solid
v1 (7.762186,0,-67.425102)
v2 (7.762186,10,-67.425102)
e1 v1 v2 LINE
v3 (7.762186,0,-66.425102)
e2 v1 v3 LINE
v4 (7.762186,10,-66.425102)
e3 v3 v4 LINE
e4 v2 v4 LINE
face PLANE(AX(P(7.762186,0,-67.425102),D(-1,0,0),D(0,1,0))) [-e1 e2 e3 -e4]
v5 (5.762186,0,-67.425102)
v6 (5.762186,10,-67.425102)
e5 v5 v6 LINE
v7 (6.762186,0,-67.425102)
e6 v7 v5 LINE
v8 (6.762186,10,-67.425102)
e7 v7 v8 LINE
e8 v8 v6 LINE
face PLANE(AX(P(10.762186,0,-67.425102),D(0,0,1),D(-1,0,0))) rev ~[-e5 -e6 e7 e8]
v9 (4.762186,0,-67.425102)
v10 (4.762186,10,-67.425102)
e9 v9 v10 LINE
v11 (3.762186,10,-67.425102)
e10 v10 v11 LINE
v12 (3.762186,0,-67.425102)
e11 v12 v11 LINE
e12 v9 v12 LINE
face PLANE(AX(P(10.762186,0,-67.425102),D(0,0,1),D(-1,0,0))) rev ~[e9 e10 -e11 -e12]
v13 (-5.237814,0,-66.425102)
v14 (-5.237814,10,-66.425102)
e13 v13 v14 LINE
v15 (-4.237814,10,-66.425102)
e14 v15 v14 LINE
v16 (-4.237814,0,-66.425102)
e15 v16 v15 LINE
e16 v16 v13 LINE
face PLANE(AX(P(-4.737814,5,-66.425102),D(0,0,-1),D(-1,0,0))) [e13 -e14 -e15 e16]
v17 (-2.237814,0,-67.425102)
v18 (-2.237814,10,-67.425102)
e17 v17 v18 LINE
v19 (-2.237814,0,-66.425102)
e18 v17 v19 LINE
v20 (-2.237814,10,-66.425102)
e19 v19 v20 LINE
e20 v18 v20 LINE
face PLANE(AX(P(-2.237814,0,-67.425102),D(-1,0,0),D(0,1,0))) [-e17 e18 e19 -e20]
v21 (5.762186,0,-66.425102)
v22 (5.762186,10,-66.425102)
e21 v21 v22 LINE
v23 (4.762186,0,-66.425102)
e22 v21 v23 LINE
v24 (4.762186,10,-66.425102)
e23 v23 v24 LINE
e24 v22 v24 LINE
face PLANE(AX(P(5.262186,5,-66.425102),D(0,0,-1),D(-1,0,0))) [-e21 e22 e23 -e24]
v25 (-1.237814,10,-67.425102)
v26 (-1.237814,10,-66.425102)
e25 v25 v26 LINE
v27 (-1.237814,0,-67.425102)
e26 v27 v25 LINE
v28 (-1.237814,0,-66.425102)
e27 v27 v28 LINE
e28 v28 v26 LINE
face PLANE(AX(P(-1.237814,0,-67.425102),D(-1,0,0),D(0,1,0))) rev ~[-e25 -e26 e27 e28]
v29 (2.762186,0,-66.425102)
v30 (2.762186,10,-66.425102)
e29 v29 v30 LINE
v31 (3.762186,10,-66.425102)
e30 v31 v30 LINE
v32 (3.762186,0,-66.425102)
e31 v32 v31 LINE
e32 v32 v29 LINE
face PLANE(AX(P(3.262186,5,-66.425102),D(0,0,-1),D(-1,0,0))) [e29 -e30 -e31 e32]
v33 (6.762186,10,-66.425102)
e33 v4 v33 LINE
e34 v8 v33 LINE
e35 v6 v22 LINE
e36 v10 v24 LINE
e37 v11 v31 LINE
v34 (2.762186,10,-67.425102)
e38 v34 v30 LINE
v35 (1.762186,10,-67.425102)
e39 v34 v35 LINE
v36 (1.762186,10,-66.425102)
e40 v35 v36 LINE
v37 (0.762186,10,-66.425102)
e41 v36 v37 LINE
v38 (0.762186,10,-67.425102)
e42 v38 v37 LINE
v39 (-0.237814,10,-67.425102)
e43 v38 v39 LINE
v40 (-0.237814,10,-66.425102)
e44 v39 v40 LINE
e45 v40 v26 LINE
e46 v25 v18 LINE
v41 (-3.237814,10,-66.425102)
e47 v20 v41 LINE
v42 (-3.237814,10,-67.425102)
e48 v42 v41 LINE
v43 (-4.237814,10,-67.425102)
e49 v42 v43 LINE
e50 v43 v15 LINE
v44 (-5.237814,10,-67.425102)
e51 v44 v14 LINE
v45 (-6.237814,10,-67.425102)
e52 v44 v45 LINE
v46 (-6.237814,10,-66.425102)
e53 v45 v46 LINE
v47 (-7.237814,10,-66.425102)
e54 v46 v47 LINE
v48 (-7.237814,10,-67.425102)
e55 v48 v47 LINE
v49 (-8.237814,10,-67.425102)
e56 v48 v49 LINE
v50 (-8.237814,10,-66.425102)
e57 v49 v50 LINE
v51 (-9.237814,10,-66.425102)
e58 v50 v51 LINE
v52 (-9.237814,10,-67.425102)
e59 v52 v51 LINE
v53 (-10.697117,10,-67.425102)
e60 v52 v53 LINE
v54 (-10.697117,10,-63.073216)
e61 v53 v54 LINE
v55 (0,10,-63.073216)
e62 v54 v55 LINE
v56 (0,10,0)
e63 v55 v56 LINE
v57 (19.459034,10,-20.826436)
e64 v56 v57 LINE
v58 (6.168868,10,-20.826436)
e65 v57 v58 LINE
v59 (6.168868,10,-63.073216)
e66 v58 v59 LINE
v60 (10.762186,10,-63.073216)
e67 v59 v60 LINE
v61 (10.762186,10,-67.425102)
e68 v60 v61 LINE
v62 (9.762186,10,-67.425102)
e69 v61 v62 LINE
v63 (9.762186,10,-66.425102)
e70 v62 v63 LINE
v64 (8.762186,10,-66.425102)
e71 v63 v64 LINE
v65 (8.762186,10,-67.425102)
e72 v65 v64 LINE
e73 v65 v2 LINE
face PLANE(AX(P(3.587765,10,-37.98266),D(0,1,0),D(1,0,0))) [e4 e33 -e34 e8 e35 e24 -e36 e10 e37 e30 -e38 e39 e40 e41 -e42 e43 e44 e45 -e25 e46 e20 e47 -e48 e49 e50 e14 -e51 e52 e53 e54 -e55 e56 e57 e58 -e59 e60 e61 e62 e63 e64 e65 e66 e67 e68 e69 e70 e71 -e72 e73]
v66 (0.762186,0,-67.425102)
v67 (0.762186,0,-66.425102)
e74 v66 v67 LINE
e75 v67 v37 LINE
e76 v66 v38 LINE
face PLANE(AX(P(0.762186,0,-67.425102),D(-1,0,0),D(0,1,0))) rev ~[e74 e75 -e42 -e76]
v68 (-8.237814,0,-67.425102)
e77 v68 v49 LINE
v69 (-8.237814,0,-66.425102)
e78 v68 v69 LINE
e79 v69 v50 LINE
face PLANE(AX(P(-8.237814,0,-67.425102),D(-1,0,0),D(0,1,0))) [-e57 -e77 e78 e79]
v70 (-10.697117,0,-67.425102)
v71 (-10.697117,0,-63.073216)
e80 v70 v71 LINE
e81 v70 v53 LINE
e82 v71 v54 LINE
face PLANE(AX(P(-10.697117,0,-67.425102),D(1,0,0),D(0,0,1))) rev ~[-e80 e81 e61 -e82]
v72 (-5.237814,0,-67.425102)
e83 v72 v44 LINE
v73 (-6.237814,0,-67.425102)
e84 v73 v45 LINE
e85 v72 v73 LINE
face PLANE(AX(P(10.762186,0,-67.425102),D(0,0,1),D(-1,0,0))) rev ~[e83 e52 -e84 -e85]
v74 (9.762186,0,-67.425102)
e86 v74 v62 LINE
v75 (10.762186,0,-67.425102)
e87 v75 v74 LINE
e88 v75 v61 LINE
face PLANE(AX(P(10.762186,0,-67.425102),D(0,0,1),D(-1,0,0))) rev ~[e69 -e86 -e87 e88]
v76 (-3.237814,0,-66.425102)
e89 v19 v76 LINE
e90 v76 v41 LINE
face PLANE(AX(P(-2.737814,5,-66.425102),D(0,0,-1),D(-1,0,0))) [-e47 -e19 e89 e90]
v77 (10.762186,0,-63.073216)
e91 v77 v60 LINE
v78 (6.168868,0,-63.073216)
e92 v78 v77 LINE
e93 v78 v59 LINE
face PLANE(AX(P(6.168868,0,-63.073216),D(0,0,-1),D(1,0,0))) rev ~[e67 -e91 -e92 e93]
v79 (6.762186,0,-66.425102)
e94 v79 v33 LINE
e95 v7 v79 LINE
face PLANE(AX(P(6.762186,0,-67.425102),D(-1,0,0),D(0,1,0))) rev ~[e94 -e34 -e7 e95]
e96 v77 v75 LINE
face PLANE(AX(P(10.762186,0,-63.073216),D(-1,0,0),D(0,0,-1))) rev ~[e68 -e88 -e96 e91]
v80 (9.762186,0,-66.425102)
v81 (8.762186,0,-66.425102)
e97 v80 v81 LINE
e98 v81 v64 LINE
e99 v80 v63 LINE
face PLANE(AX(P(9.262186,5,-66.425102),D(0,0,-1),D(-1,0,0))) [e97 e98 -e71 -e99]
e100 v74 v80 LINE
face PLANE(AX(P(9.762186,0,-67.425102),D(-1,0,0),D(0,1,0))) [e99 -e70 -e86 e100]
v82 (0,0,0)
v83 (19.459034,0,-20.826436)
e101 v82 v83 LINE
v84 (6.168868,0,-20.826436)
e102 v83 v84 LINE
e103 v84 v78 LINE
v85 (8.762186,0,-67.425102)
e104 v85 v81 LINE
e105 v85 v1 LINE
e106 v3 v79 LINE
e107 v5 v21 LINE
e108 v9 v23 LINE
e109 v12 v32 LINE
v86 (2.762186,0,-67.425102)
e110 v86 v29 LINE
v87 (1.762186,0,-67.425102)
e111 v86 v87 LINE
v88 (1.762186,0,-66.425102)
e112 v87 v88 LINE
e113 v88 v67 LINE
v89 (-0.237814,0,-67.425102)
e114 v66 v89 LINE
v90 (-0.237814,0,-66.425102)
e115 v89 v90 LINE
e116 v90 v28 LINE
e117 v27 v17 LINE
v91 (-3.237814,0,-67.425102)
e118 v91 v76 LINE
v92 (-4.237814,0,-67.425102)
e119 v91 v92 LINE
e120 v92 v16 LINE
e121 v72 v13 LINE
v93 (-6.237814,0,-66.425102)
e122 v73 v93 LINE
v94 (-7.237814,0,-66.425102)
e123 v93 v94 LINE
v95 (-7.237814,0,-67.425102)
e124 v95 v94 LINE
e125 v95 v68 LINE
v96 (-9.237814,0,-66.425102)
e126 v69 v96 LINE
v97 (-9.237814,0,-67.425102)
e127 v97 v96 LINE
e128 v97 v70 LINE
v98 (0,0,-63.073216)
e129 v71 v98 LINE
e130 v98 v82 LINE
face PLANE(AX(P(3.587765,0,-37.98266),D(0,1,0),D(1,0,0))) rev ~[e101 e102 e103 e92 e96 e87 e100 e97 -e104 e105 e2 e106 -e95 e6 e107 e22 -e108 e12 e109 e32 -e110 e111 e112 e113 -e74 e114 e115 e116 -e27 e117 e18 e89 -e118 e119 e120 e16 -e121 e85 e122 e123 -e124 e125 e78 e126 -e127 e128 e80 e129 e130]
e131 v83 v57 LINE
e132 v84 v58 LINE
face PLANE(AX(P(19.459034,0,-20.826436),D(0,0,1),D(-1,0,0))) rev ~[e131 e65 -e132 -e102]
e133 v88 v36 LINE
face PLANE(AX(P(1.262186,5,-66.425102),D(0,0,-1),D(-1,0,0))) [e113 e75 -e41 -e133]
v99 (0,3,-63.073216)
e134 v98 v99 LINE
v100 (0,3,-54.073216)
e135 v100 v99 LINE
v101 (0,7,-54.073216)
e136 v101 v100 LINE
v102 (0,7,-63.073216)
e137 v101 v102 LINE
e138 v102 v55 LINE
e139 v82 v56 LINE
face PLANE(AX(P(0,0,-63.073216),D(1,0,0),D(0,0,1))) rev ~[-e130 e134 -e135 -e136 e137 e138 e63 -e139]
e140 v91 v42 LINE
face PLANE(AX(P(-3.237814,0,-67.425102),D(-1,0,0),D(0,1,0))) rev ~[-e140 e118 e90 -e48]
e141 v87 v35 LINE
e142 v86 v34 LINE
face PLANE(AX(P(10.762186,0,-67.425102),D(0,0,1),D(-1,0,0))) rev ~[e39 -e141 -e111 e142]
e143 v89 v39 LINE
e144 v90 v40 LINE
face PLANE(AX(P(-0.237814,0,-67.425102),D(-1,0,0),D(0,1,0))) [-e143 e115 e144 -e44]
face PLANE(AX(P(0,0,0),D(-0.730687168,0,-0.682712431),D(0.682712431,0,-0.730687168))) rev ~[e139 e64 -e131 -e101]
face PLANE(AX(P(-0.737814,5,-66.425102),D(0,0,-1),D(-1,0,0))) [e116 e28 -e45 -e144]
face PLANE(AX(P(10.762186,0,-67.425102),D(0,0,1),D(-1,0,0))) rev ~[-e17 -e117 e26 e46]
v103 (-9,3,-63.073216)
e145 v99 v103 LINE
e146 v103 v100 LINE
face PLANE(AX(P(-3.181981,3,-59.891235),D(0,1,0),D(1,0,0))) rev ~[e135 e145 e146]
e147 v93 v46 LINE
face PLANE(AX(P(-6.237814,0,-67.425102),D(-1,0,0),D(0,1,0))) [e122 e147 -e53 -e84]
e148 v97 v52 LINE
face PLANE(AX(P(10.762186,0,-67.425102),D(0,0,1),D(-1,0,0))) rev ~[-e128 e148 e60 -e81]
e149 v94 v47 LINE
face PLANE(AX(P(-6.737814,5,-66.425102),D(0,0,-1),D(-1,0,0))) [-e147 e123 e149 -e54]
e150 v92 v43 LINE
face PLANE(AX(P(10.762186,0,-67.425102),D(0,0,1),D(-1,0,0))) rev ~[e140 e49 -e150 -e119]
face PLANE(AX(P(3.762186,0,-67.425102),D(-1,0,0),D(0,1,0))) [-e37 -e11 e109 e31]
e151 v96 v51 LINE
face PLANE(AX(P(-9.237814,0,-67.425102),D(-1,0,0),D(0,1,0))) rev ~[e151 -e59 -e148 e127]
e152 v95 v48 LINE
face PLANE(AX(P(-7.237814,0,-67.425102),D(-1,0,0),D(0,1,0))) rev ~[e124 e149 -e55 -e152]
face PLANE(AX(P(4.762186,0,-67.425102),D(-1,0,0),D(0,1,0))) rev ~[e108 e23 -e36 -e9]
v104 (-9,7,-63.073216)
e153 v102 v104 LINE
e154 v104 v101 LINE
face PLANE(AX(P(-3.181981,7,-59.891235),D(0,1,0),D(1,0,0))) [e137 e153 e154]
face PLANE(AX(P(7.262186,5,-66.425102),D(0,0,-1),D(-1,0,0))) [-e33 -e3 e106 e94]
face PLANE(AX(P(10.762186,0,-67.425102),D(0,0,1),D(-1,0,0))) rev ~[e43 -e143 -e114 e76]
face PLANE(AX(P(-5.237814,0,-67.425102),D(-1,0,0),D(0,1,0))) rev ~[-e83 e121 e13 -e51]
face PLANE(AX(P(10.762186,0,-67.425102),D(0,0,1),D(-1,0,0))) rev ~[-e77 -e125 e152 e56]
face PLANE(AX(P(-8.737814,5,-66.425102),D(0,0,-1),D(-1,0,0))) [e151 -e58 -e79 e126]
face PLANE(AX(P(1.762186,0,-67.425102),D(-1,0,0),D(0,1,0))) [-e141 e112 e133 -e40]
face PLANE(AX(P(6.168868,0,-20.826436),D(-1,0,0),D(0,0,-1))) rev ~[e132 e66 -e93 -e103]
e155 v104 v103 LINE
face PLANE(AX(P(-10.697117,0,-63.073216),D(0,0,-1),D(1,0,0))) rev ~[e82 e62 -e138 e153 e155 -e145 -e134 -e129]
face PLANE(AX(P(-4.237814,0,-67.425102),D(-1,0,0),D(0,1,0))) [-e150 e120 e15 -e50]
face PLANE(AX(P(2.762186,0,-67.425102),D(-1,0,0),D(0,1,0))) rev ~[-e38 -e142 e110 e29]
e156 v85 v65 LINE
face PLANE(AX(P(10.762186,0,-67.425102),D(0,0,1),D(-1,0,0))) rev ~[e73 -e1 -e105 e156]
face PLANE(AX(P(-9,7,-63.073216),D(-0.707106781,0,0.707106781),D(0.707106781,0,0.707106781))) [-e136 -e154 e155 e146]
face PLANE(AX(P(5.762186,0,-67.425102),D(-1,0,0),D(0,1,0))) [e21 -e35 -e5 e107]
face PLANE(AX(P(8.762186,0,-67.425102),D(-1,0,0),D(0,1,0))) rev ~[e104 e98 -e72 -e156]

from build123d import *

# Parameters (mm, degrees)
EXTRUDE_1_DEPTH        = 10
EXTRUDE_2_DEPTH        = 2
EXTRUDE_2_DEPTH_BACK   = 2
SKETCH_4_W             = 1
SKETCH_4_H             = 10
CUT_EXTRUDE_2_DEPTH    = 1
PATTERN_LINEAR_2_COUNT = 10
PATTERN_LINEAR_2_PITCH = 2


with BuildPart() as part:
    # Эскиз1 → Бобышка-Вытянуть1 (new body)
    with BuildSketch(Plane(origin=(0, 0, 0), x_dir=(1, 0, 0), z_dir=(0, 1, 0))):
        Polygon((0, 0), (19.459034366, 20.826435939), (6.168868081, 20.826435939), (6.168868081, 63.073215602), (10.762186387, 63.073215602), (10.762186387, 67.42510234), (-10.697117185, 67.42510234), (-10.697117185, 63.073215602), (0, 63.073215602), align=None)
    extrude(amount=EXTRUDE_1_DEPTH)

    # Эскиз3 → Бобышка-Вытянуть2 (add, two sides: drawn at the far end of the back side and taken through both)
    with BuildSketch(Plane(origin=(0, 5, 0), x_dir=(-1, 0, 0), z_dir=(0, -1, 0)).offset(-EXTRUDE_2_DEPTH_BACK)):
        Polygon((9, 63.073215602), (0, 54.073215602), (0, 63.073215602), align=None)
    extrude(amount=EXTRUDE_2_DEPTH + EXTRUDE_2_DEPTH_BACK)

    # Эскиз4 → Вырез-Вытянуть2 (cut)
    with BuildSketch(Plane(origin=(0, 0, -67.42510234), x_dir=(-1, 0, 0), z_dir=(0, 0, -1))):
        with Locations((-9.262186387, 5)):
            Rectangle(SKETCH_4_W, SKETCH_4_H)
    cut_extrude_2 = extrude(amount=-CUT_EXTRUDE_2_DEPTH, mode=Mode.SUBTRACT)

    # Линейный массив2: Вырез-Вытянуть2 ×10
    with Locations(*[(-i * PATTERN_LINEAR_2_PITCH, 0, 0) for i in range(1, PATTERN_LINEAR_2_COUNT)]):
        add(cut_extrude_2, mode=Mode.SUBTRACT)


solid = part.part
